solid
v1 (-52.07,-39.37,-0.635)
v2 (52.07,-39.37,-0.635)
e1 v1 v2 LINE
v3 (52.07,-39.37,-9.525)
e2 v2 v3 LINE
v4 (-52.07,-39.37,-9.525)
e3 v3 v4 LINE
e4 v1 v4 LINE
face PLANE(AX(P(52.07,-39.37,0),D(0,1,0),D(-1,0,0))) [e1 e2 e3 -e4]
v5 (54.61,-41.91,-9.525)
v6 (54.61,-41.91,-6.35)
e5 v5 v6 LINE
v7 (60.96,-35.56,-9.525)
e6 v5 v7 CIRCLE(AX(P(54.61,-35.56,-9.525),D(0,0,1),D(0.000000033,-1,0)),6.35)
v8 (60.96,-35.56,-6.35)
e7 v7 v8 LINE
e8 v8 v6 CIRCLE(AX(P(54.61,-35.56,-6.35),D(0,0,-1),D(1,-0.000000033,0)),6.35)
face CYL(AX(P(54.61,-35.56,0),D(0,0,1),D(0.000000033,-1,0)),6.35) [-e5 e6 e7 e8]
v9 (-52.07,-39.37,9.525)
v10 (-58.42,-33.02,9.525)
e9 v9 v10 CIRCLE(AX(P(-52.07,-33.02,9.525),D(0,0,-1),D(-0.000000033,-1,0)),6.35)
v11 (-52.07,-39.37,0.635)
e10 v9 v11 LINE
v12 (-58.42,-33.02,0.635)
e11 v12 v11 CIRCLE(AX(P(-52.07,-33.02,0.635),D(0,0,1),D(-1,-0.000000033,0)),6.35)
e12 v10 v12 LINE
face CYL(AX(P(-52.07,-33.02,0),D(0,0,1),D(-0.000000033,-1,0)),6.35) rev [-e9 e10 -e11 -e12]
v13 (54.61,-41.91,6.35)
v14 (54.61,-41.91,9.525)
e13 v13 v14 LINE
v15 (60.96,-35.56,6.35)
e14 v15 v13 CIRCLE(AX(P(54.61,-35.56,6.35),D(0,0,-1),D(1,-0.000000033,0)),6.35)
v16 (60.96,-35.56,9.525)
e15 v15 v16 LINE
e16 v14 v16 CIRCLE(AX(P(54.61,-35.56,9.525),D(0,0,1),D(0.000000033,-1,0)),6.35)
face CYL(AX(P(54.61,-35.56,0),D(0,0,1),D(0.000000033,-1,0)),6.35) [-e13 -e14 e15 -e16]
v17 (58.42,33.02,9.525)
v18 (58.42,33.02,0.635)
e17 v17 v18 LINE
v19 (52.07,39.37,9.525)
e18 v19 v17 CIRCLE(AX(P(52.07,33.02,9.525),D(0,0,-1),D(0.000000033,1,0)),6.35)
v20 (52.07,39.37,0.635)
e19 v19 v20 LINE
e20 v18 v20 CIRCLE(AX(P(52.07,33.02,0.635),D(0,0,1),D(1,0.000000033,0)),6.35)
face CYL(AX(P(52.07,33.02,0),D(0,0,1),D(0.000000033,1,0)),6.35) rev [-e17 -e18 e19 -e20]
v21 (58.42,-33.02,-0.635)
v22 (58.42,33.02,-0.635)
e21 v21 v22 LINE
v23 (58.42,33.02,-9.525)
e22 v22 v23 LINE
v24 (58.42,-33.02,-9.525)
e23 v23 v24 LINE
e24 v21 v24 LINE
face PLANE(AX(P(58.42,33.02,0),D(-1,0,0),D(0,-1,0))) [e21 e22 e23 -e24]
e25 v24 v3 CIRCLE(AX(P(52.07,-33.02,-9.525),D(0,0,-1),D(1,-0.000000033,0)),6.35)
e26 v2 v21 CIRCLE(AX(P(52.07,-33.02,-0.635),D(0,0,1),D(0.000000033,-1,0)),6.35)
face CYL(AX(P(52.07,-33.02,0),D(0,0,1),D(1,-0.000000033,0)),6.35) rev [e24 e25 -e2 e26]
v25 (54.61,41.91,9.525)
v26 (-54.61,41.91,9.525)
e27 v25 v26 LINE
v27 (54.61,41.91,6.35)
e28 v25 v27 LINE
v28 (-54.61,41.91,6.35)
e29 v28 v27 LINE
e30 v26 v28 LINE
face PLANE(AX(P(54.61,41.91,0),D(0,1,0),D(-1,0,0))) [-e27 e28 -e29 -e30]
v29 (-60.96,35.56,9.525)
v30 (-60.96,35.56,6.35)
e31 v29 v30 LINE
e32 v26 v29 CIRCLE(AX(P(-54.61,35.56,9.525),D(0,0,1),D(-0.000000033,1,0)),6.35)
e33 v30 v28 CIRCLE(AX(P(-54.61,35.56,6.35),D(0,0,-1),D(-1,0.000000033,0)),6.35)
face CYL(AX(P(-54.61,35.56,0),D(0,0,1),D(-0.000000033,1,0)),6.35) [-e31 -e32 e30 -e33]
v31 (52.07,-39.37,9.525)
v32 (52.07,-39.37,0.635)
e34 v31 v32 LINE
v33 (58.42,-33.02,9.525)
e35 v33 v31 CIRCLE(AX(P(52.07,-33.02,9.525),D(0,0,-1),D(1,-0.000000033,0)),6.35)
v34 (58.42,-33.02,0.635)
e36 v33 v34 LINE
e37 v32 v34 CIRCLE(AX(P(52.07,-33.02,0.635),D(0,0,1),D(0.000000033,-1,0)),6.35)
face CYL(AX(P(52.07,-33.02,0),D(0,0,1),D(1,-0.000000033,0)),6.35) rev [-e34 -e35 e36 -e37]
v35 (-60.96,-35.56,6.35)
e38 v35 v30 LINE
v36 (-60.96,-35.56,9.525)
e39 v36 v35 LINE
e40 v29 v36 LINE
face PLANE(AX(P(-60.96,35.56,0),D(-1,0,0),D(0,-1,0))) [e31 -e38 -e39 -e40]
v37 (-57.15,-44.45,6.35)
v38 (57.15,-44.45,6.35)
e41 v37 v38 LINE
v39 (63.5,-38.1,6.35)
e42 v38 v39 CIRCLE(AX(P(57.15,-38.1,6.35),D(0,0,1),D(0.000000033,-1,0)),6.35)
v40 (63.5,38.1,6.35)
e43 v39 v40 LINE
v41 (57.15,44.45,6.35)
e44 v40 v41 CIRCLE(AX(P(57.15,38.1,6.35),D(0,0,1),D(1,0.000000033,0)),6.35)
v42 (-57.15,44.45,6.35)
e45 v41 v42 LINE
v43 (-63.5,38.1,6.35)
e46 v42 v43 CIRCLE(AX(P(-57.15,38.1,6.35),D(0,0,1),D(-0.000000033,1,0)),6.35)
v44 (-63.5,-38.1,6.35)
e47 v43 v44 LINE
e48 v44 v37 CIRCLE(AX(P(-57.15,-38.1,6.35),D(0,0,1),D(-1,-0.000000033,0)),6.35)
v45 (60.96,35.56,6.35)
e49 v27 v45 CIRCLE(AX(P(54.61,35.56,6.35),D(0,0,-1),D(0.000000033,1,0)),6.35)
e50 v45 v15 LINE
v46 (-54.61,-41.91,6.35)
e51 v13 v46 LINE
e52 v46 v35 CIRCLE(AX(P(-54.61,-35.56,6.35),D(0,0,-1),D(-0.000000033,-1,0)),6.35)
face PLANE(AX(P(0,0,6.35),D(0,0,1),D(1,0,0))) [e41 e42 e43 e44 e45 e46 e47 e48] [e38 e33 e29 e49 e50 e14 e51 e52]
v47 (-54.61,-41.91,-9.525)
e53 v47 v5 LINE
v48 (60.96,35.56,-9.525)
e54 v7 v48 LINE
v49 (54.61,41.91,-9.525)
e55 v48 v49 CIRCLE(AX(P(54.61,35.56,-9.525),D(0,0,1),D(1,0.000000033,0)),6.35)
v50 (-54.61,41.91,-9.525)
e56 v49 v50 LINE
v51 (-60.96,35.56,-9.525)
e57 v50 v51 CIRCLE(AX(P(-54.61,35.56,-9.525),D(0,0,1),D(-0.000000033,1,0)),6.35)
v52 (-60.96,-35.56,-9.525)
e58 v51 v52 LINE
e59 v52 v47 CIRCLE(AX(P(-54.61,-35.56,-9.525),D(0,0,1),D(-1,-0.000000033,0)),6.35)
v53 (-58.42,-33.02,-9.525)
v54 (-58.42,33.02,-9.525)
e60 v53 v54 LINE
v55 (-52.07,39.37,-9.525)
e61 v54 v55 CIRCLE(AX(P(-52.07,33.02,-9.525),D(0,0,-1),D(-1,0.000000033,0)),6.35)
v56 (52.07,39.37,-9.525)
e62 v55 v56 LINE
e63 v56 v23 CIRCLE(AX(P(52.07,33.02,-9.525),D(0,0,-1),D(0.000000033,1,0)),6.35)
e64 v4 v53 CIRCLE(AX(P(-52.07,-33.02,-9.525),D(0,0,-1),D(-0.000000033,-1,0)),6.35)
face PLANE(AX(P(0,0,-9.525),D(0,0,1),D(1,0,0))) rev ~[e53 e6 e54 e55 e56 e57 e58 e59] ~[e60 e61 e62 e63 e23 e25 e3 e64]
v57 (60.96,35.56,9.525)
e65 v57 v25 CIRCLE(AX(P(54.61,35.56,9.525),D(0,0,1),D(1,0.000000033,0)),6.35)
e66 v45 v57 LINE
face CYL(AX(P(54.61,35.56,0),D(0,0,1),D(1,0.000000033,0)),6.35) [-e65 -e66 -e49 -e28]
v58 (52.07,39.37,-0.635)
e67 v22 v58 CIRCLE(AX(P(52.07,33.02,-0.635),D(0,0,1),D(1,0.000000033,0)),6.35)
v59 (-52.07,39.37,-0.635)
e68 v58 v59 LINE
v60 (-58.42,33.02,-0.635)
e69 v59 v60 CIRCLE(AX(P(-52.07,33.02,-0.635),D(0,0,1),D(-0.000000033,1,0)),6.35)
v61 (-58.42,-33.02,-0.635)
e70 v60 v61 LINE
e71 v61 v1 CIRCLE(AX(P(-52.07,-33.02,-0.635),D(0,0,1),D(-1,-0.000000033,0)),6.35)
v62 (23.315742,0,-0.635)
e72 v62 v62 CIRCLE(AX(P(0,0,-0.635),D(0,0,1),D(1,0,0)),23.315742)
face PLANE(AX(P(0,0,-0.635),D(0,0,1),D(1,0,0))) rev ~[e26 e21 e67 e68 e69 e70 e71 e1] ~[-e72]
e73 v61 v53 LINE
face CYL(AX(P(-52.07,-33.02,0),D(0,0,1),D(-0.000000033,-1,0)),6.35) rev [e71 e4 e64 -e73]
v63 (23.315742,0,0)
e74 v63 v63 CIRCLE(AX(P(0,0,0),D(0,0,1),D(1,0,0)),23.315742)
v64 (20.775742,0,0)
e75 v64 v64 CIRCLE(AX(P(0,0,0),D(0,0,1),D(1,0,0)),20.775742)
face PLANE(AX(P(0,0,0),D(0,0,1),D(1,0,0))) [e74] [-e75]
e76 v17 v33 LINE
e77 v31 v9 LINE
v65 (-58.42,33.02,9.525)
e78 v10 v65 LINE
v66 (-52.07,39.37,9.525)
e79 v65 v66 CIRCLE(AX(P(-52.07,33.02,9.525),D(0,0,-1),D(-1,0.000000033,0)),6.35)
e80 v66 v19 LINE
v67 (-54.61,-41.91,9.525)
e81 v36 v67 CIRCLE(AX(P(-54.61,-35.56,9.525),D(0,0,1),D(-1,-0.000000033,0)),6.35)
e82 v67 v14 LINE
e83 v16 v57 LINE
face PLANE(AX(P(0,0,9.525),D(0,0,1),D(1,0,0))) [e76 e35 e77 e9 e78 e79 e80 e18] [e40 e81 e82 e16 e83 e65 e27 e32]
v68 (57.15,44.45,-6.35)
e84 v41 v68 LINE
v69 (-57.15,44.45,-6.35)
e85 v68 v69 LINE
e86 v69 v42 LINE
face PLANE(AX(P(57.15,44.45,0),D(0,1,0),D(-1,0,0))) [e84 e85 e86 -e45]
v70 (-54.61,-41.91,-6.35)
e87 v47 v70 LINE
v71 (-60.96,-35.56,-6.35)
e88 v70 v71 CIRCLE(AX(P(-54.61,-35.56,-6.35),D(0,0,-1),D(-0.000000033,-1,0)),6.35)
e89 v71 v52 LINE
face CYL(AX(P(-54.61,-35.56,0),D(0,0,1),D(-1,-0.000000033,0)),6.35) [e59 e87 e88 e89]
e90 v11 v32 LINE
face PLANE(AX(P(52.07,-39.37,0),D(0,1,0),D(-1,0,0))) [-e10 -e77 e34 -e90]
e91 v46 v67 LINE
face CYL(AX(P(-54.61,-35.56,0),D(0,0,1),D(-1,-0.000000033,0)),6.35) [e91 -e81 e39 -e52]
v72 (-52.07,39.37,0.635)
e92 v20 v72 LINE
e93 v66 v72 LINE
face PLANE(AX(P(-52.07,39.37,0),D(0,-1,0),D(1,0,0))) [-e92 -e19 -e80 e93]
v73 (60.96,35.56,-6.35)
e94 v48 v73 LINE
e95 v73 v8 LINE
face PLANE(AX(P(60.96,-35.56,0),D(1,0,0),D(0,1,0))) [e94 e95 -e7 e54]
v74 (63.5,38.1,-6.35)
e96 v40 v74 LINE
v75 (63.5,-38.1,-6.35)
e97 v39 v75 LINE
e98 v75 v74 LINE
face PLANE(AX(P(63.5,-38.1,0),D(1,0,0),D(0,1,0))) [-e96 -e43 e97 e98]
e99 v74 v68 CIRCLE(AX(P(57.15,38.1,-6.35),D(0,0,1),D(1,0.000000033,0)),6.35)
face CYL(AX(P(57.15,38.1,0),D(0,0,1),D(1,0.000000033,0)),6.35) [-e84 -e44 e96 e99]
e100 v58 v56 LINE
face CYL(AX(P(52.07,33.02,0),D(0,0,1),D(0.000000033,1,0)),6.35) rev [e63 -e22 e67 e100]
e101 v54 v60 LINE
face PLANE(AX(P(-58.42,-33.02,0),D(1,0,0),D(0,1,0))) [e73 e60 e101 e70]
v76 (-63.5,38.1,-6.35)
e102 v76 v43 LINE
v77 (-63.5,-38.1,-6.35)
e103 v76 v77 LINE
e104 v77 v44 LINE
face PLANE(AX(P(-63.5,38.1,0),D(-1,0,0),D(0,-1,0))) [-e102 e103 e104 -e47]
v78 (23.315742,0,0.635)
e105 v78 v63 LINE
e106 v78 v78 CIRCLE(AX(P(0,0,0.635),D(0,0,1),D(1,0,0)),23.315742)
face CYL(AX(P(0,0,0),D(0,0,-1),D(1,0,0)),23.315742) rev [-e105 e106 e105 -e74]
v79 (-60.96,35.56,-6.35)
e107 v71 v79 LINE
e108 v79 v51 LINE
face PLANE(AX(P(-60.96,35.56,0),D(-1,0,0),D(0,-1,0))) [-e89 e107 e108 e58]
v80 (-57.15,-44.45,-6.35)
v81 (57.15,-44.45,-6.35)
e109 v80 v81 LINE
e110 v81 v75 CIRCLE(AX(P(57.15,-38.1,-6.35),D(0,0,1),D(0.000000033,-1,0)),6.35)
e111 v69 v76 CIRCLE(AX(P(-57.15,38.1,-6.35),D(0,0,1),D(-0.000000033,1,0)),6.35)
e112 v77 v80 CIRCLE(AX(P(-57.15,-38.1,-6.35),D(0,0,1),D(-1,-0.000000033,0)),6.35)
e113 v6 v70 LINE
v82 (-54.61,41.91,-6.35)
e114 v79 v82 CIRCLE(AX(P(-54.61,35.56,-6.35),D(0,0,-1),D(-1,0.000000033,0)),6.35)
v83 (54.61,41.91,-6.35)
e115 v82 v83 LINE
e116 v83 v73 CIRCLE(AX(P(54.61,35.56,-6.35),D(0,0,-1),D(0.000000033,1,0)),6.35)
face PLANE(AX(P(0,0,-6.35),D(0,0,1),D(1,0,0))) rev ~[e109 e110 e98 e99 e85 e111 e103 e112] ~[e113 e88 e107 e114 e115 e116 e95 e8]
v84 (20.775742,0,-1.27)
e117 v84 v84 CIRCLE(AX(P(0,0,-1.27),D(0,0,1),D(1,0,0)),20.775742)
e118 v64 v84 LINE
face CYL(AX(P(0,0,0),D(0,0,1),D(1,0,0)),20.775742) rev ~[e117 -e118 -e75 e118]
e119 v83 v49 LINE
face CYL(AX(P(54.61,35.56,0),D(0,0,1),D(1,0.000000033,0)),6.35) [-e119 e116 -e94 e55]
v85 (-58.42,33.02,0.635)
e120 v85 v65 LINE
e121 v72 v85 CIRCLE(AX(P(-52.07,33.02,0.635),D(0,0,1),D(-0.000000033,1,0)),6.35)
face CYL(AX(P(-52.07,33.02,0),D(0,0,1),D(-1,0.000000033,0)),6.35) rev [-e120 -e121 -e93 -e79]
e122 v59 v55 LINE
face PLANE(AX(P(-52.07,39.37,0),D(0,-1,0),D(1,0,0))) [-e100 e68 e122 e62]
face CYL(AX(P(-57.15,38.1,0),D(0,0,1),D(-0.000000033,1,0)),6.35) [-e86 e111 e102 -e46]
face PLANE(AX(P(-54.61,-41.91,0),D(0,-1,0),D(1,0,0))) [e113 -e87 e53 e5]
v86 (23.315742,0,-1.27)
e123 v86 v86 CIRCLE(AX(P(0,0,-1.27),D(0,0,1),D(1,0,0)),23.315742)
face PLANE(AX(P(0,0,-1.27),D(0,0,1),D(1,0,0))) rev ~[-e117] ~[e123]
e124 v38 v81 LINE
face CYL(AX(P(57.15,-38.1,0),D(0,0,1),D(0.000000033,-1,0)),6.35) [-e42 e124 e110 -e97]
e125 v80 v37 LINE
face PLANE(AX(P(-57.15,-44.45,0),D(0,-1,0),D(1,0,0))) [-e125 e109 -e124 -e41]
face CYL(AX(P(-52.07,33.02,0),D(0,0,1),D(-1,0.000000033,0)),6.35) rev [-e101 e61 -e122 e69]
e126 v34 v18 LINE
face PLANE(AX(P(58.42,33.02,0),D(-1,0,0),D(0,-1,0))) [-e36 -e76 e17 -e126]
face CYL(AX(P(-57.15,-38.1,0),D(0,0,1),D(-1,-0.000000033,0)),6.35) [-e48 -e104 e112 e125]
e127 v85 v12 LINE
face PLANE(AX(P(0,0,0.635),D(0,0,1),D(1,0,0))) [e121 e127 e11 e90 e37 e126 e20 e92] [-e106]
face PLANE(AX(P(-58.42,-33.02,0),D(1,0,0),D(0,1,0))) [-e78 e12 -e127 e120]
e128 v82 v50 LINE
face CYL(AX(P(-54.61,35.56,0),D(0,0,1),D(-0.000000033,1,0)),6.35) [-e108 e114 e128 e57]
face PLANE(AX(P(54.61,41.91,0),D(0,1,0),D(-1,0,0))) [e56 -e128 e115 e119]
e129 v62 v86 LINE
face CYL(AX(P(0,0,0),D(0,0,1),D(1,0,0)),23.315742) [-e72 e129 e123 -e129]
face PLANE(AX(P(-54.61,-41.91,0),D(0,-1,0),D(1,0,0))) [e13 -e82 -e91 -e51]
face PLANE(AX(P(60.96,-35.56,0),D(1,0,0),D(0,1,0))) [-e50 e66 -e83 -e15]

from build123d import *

# Parameters (mm, degrees)
F1_DEPTH = 6.35
F2_DEPTH = 9.525
F0_R     = 23.315742
F3_DEPTH = 0.635
F0_R_2   = 20.775742
F4_DEPTH = 1.27


with BuildPart() as f1:
    # F0 (on Top) → F1 (new body, symmetric)
    with BuildSketch(Plane.XY):
        with BuildLine():
            Line((57.15, 44.45), (-57.15, 44.45))
            ThreePointArc((-57.15, 44.45), (-61.640128, 42.590128), (-63.5, 38.1))
            Line((-63.5, 38.1), (-63.5, -38.1))
            ThreePointArc((-63.5, -38.1), (-61.640128, -42.590128), (-57.15, -44.45))
            Line((-57.15, -44.45), (57.15, -44.45))
            ThreePointArc((57.15, -44.45), (61.640128, -42.590128), (63.5, -38.1))
            Line((63.5, -38.1), (63.5, 38.1))
            ThreePointArc((63.5, 38.1), (61.640128, 42.590128), (57.15, 44.45))
        make_face()
        with BuildLine():
            Line((54.61, -41.91), (-54.61, -41.91))
            ThreePointArc((-54.61, -41.91), (-59.100128, -40.050128), (-60.96, -35.56))
            Line((-60.96, -35.56), (-60.96, 35.56))
            ThreePointArc((-60.96, 35.56), (-59.100128, 40.050128), (-54.61, 41.91))
            Line((-54.61, 41.91), (54.61, 41.91))
            ThreePointArc((54.61, 41.91), (59.100128, 40.050128), (60.96, 35.56))
            Line((60.96, 35.56), (60.96, -35.56))
            ThreePointArc((60.96, -35.56), (59.100128, -40.050128), (54.61, -41.91))
        make_face(mode=Mode.SUBTRACT)
    extrude(amount=F1_DEPTH, both=True)

    # F0 (on Top) → F2 (join, symmetric)
    with BuildSketch(Plane.XY):
        with BuildLine():
            ThreePointArc((-60.96, -35.56), (-59.100128, -40.050128), (-54.61, -41.91))
            Line((-54.61, -41.91), (54.61, -41.91))
            ThreePointArc((54.61, -41.91), (59.100128, -40.050128), (60.96, -35.56))
            Line((60.96, -35.56), (60.96, 35.56))
            ThreePointArc((60.96, 35.56), (59.100128, 40.050128), (54.61, 41.91))
            Line((54.61, 41.91), (-54.61, 41.91))
            ThreePointArc((-54.61, 41.91), (-59.100128, 40.050128), (-60.96, 35.56))
            Line((-60.96, 35.56), (-60.96, -35.56))
        make_face()
        with BuildLine():
            ThreePointArc((-58.42, 33.02), (-56.560128, 37.510128), (-52.07, 39.37))
            Line((-52.07, 39.37), (52.07, 39.37))
            ThreePointArc((52.07, 39.37), (56.560128, 37.510128), (58.42, 33.02))
            Line((58.42, 33.02), (58.42, -33.02))
            ThreePointArc((58.42, -33.02), (56.560128, -37.510128), (52.07, -39.37))
            Line((52.07, -39.37), (-52.07, -39.37))
            ThreePointArc((-52.07, -39.37), (-56.560128, -37.510128), (-58.42, -33.02))
            Line((-58.42, -33.02), (-58.42, 33.02))
        make_face(mode=Mode.SUBTRACT)
    extrude(amount=F2_DEPTH, both=True)

    # F0 (on Top) → F3 (join, symmetric)
    with BuildSketch(Plane.XY):
        with BuildLine():
            Line((52.07, 39.37), (-52.07, 39.37))
            ThreePointArc((-52.07, 39.37), (-56.560128, 37.510128), (-58.42, 33.02))
            Line((-58.42, 33.02), (-58.42, -33.02))
            ThreePointArc((-58.42, -33.02), (-56.560128, -37.510128), (-52.07, -39.37))
            Line((-52.07, -39.37), (52.07, -39.37))
            ThreePointArc((52.07, -39.37), (56.560128, -37.510128), (58.42, -33.02))
            Line((58.42, -33.02), (58.42, 33.02))
            ThreePointArc((58.42, 33.02), (56.560128, 37.510128), (52.07, 39.37))
        make_face()
        Circle(F0_R, mode=Mode.SUBTRACT)
    extrude(amount=F3_DEPTH, both=True)

    # F0 (on Top) → F4 (join)
    with BuildSketch(Plane.XY):
        Circle(F0_R)
        Circle(F0_R_2, mode=Mode.SUBTRACT)
    extrude(amount=-F4_DEPTH)


solid = f1.part
